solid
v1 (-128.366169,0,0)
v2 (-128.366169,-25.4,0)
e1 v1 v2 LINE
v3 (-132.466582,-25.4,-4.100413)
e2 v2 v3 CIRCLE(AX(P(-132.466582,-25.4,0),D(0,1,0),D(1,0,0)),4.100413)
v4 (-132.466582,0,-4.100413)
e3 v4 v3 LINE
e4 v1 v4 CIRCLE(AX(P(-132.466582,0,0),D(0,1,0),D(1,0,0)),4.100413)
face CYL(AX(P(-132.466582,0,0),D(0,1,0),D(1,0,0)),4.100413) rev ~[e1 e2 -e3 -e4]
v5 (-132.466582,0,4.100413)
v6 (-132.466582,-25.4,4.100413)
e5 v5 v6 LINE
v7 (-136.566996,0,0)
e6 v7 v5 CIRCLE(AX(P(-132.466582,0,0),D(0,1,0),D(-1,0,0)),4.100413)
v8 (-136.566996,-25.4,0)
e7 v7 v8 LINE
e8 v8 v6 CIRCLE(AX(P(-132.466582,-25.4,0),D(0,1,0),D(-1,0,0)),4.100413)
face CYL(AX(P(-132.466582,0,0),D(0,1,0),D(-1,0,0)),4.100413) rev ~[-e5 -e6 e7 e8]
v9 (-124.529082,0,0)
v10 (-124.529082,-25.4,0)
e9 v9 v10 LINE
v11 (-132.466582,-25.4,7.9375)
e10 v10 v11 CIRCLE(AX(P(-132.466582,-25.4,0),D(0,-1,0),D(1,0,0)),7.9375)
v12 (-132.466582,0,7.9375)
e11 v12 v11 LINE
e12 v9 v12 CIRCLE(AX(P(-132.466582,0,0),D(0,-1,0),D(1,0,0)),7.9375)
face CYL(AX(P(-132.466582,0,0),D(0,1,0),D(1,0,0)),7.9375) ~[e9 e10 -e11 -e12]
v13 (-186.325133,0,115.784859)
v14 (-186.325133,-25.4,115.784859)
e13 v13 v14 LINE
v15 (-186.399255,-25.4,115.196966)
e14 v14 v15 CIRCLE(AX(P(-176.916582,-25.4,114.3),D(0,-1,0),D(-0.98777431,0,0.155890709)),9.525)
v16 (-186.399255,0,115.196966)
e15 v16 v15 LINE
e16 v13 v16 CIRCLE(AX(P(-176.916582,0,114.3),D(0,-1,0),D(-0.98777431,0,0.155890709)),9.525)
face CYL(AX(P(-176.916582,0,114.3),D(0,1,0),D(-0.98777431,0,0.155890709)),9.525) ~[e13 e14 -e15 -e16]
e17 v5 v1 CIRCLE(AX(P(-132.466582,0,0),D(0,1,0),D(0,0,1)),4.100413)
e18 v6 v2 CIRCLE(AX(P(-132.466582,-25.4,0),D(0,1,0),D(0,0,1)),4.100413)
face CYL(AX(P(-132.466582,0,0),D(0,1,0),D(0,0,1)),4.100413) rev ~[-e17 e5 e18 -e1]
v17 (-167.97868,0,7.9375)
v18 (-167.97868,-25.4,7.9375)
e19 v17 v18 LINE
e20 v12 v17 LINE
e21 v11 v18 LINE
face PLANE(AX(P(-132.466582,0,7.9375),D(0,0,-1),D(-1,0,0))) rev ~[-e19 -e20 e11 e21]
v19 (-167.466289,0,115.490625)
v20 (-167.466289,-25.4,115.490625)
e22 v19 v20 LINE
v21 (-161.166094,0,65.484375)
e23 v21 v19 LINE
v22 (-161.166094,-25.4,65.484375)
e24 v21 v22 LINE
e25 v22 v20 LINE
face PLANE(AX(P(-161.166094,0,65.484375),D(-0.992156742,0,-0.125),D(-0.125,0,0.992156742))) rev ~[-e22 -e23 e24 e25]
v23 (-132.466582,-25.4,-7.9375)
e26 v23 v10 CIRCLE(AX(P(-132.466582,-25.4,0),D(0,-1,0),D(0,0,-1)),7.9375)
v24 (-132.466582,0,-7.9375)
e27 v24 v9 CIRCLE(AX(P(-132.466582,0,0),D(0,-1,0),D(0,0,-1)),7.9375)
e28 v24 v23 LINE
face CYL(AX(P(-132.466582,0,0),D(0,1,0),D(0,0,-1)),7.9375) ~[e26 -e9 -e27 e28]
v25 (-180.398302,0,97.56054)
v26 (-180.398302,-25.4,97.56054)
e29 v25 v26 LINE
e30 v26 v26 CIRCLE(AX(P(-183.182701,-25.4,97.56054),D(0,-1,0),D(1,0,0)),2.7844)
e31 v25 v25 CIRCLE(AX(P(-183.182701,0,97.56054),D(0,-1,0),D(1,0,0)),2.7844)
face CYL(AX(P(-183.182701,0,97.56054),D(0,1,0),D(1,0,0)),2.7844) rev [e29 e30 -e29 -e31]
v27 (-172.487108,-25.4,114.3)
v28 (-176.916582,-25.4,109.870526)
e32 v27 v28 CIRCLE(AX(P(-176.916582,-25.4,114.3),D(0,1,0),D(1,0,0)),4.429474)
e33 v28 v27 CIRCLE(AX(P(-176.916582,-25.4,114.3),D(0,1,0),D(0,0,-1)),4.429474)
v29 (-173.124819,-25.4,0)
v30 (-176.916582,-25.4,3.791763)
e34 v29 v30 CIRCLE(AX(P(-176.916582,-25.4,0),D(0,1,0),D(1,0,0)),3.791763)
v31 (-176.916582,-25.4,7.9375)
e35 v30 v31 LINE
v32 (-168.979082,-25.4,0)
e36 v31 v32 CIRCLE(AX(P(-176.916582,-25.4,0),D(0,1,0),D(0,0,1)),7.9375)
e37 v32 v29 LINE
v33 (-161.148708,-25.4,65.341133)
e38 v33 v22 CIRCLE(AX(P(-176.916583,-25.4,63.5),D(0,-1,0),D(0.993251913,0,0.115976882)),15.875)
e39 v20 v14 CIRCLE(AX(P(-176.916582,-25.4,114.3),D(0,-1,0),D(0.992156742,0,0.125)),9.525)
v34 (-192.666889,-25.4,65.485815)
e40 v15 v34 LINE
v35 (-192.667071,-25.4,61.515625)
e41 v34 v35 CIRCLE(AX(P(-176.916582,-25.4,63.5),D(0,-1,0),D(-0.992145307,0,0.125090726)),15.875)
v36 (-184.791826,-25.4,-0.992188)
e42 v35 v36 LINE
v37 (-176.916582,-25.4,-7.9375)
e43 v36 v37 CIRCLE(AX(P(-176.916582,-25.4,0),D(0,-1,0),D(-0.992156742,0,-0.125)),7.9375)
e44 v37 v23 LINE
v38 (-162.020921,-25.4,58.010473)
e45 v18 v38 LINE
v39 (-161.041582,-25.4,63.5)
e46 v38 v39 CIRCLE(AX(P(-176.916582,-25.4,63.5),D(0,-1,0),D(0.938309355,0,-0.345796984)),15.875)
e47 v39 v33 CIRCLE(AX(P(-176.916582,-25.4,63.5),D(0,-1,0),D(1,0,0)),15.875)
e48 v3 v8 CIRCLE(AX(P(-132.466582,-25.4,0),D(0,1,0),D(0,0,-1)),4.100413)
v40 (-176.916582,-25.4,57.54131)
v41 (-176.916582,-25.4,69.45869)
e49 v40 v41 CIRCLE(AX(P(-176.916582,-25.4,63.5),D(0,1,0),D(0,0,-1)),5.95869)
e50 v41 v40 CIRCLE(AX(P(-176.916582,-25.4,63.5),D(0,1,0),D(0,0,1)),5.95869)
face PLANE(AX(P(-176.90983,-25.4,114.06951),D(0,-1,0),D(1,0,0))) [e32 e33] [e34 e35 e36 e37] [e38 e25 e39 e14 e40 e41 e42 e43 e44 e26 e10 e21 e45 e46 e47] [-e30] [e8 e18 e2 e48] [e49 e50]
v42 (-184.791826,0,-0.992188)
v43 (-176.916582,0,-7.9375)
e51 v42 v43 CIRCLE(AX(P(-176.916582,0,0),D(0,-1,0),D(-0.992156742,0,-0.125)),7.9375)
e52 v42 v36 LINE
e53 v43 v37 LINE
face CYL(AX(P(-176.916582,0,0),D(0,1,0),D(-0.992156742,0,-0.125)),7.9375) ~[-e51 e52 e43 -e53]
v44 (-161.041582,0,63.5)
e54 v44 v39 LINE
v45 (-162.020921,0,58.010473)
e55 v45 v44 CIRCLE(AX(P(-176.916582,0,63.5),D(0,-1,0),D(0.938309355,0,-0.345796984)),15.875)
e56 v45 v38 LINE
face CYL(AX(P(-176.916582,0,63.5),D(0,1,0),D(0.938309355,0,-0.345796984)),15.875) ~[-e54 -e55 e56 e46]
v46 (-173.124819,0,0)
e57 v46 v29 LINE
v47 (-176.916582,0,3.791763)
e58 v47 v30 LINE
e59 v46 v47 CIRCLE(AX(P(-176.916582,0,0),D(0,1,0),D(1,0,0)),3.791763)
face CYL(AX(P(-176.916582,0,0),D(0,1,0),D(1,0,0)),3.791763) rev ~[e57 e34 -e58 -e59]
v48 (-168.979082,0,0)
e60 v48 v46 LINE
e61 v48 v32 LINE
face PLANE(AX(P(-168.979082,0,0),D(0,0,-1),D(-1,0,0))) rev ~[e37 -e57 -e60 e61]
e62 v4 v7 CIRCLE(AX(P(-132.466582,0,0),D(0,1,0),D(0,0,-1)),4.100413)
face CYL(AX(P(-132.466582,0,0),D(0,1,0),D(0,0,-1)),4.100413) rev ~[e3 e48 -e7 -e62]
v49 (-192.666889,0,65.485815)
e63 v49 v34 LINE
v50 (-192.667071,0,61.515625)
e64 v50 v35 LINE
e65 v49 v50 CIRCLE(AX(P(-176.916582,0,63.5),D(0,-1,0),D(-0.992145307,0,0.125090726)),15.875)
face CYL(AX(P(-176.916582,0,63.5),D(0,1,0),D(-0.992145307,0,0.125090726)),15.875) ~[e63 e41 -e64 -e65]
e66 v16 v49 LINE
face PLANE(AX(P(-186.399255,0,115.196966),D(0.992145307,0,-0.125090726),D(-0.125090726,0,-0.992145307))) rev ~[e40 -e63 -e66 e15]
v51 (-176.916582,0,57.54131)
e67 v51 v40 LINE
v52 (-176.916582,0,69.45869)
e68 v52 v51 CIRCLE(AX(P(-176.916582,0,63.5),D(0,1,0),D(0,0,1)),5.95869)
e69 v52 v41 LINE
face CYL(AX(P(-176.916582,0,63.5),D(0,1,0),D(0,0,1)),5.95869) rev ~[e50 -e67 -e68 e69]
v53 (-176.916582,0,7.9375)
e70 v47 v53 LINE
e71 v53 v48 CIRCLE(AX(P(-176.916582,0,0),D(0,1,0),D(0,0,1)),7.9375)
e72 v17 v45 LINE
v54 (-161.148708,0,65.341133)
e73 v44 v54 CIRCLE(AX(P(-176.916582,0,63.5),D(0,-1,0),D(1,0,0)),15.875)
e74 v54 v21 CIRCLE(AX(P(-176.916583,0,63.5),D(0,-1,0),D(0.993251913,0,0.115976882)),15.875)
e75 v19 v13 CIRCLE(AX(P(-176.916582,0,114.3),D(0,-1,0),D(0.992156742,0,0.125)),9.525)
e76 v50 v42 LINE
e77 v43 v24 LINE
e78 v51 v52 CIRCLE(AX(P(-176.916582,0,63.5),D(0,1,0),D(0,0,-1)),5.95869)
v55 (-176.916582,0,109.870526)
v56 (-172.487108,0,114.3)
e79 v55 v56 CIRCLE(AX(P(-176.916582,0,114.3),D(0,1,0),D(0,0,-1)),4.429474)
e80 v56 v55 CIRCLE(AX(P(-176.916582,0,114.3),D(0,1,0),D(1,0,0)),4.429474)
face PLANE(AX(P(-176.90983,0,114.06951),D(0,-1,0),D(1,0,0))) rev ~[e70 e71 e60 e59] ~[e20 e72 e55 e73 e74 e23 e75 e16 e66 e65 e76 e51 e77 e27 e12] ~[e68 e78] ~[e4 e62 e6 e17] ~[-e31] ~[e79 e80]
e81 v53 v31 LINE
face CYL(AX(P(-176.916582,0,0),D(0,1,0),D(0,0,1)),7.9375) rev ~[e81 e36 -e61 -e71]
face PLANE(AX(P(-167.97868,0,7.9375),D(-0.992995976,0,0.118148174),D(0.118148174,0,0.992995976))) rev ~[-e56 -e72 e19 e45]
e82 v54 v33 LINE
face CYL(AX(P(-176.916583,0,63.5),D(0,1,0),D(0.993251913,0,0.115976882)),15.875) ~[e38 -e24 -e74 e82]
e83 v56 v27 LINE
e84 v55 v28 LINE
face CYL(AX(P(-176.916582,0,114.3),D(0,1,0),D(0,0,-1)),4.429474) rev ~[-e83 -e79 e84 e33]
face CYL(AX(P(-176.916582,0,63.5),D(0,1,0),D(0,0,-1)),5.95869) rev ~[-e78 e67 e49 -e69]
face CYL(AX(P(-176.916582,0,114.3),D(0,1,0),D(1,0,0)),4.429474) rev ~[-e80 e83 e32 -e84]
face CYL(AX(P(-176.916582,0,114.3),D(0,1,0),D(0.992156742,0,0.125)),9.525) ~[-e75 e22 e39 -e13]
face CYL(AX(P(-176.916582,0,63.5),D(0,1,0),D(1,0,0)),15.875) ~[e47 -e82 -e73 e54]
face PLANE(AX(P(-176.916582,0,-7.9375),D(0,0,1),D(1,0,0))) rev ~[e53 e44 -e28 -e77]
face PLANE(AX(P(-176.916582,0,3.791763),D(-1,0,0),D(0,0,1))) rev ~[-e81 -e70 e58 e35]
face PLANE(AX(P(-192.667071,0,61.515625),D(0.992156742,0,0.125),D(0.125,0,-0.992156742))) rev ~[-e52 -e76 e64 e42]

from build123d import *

# Parameters (mm, degrees)
F0_R     = 2.7843999113
F1_DEPTH = 25.4


with BuildPart() as f1:
    # F0 (on Front) → F1 (new body)
    with BuildSketch(Plane.XZ):
        with BuildLine():
            ThreePointArc((-186.3992546686, 115.1969662746), (-183.961766006, 107.8897729668), (-176.9165822339, 104.775))
            ThreePointArc((-176.9165822339, 104.775), (-170.1813901431, 107.5648079092), (-167.3915822339, 114.3))
            ThreePointArc((-167.3915822339, 114.3), (-167.4102773397, 114.896483242), (-167.4662892697, 115.490625))
            ThreePointArc((-167.4662892697, 115.490625), (-176.7679921127, 123.8238409256), (-186.3251325341, 115.7848589996))
            Line((-186.3251325341, 115.7848589996), (-186.3992546686, 115.1969662746))
        make_face()
        with BuildLine():
            ThreePointArc((-172.4871080347, 114.3), (-173.7844709905, 111.1678887566), (-176.9165822339, 109.8705258007))
            ThreePointArc((-176.9165822339, 109.8705258007), (-180.0486934773, 117.4321112434), (-172.4871080347, 114.3))
        make_face(mode=Mode.SUBTRACT)
        with BuildLine():
            ThreePointArc((-167.3915822339, 114.3), (-170.1813901431, 107.5648079092), (-176.9165822339, 104.775))
            Line((-176.9165822339, 104.775), (-176.9165822339, 79.375))
            ThreePointArc((-176.9165822339, 79.375), (-166.4162567181, 75.40625), (-161.1660939602, 65.484375))
            Line((-161.1660939602, 65.484375), (-167.4662892697, 115.490625))
            ThreePointArc((-167.4662892697, 115.490625), (-167.4102773397, 114.896483242), (-167.3915822339, 114.3))
        make_face()
        with BuildLine():
            Line((-176.9165822339, 79.375), (-176.9165822339, 104.775))
            ThreePointArc((-176.9165822339, 104.775), (-183.961766006, 107.8897729668), (-186.3992546686, 115.1969662746))
            Line((-186.3992546686, 115.1969662746), (-192.666888983, 65.4858152761))
            ThreePointArc((-192.666888983, 65.4858152761), (-187.4163633624, 75.4067300823), (-176.9165822339, 79.375))
        make_face()
        with Locations((-183.1827014685, 97.5605398417)):
            Circle(F0_R, mode=Mode.SUBTRACT)
        with BuildLine():
            ThreePointArc((-161.1660939602, 65.484375), (-166.4162567181, 75.40625), (-176.9165822339, 79.375))
            Line((-176.9165822339, 79.375), (-176.9165822339, 69.4586900283))
            ThreePointArc((-176.9165822339, 69.4586900283), (-172.703152108, 67.713430126), (-170.9578922057, 63.5))
            ThreePointArc((-170.9578922057, 63.5), (-172.703152108, 59.286569874), (-176.9165822339, 57.5413099717))
            Line((-176.9165822339, 57.5413099717), (-176.9165822339, 47.625))
            ThreePointArc((-176.9165822339, 47.625), (-167.8372270279, 50.4776755515), (-162.0209212227, 58.0104728766))
            Line((-162.0209212227, 58.0104728766), (-161.1487081132, 65.3411329974))
            ThreePointArc((-161.1487081132, 65.3411329974), (-161.157238289, 65.4127737521), (-161.1660939602, 65.484375))
        make_face()
        with BuildLine():
            Line((-176.9165822339, 69.4586900283), (-176.9165822339, 79.375))
            ThreePointArc((-176.9165822339, 79.375), (-187.4163633624, 75.4067300823), (-192.666888983, 65.4858152761))
            ThreePointArc((-192.666888983, 65.4858152761), (-192.7915822173, 63.5007258351), (-192.6670705076, 61.515625))
            ThreePointArc((-192.6670705076, 61.515625), (-187.4169077497, 51.59375), (-176.9165822339, 47.625))
            Line((-176.9165822339, 47.625), (-176.9165822339, 57.5413099717))
            ThreePointArc((-176.9165822339, 57.5413099717), (-182.8752722622, 63.5), (-176.9165822339, 69.4586900283))
        make_face()
        with BuildLine():
            ThreePointArc((-186.3251325341, 115.7848589996), (-186.3667662834, 115.4914891656), (-186.3992546686, 115.1969662746))
            Line((-186.3992546686, 115.1969662746), (-186.3251325341, 115.7848589996))
        make_face()
        with BuildLine():
            ThreePointArc((-161.0415822339, 63.5), (-161.0683863324, 64.4221234554), (-161.1487081132, 65.3411329974))
            Line((-161.1487081132, 65.3411329974), (-162.0209212227, 58.0104728766))
            ThreePointArc((-162.0209212227, 58.0104728766), (-161.2883346746, 60.7118997107), (-161.0415822339, 63.5))
        make_face()
        with BuildLine():
            ThreePointArc((-176.9165822339, 47.625), (-187.4169077497, 51.59375), (-192.6670705076, 61.515625))
            Line((-192.6670705076, 61.515625), (-184.7918263708, -0.9921875))
            ThreePointArc((-184.7918263708, -0.9921875), (-182.8697072339, 5.2501627579), (-176.9165822339, 7.9375))
            Line((-176.9165822339, 7.9375), (-176.9165822339, 47.625))
        make_face()
        with BuildLine():
            ThreePointArc((-162.0209212227, 58.0104728766), (-167.8372270279, 50.4776755515), (-176.9165822339, 47.625))
            Line((-176.9165822339, 47.625), (-176.9165822339, 7.9375))
            Line((-176.9165822339, 7.9375), (-167.9786798218, 7.9375))
            Line((-167.9786798218, 7.9375), (-162.0209212227, 58.0104728766))
        make_face()
        with BuildLine():
            ThreePointArc((-176.9165822339, 7.9375), (-182.8697072339, 5.2501627579), (-184.7918263708, -0.9921875))
            ThreePointArc((-184.7918263708, -0.9921875), (-182.1667449918, -5.953125), (-176.9165822339, -7.9375))
            ThreePointArc((-176.9165822339, -7.9375), (-171.3039221583, -5.6126600757), (-168.9790822339, 0))
            Line((-168.9790822339, 0), (-173.1248187835, 0))
            ThreePointArc((-173.1248187835, 0), (-179.5977638824, -2.6811816485), (-176.9165822339, 3.7917634504))
            Line((-176.9165822339, 3.7917634504), (-176.9165822339, 7.9375))
        make_face()
        with BuildLine():
            Line((-167.9786798218, 7.9375), (-176.9165822339, 7.9375))
            ThreePointArc((-176.9165822339, 7.9375), (-171.3039221583, 5.6126600757), (-168.9790822339, 0))
            Line((-168.9790822339, 0), (-168.9230956646, 0))
            Line((-168.9230956646, 0), (-167.9786798218, 7.9375))
        make_face()
        with BuildLine():
            Line((-132.4665822339, 7.9375), (-167.9786798218, 7.9375))
            Line((-167.9786798218, 7.9375), (-168.9230956646, 0))
            Line((-168.9230956646, 0), (-140.4040822339, 0))
            ThreePointArc((-140.4040822339, 0), (-138.0792423096, 5.6126600757), (-132.4665822339, 7.9375))
        make_face()
        with BuildLine():
            ThreePointArc((-168.9790822339, 0), (-171.3039221583, -5.6126600757), (-176.9165822339, -7.9375))
            Line((-176.9165822339, -7.9375), (-132.4665822339, -7.9375))
            ThreePointArc((-132.4665822339, -7.9375), (-138.0792423096, -5.6126600757), (-140.4040822339, 0))
            Line((-140.4040822339, 0), (-168.9230956646, 0))
            Line((-168.9230956646, 0), (-168.9790822339, 0))
        make_face()
        with BuildLine():
            Line((-132.4665822339, 4.1004134625), (-132.4665822339, 7.9375))
            ThreePointArc((-132.4665822339, 7.9375), (-138.0792423096, 5.6126600757), (-140.4040822339, 0))
            Line((-140.4040822339, 0), (-136.5669956964, 0))
            ThreePointArc((-136.5669956964, 0), (-135.3660123989, 2.899430165), (-132.4665822339, 4.1004134625))
        make_face()
        with BuildLine():
            ThreePointArc((-124.5290822339, 0), (-126.8539221583, 5.6126600757), (-132.4665822339, 7.9375))
            Line((-132.4665822339, 7.9375), (-132.4665822339, 4.1004134625))
            ThreePointArc((-132.4665822339, 4.1004134625), (-129.5671520689, 2.899430165), (-128.3661687714, 0))
            ThreePointArc((-128.3661687714, 0), (-129.5671520689, -2.899430165), (-132.4665822339, -4.1004134625))
            Line((-132.4665822339, -4.1004134625), (-132.4665822339, -7.9375))
            ThreePointArc((-132.4665822339, -7.9375), (-126.8539221583, -5.6126600757), (-124.5290822339, 0))
        make_face()
        with BuildLine():
            ThreePointArc((-140.4040822339, 0), (-138.0792423096, -5.6126600757), (-132.4665822339, -7.9375))
            Line((-132.4665822339, -7.9375), (-132.4665822339, -4.1004134625))
            ThreePointArc((-132.4665822339, -4.1004134625), (-135.3660123989, -2.899430165), (-136.5669956964, 0))
            Line((-136.5669956964, 0), (-140.4040822339, 0))
        make_face()
    extrude(amount=F1_DEPTH)


solid = f1.part
